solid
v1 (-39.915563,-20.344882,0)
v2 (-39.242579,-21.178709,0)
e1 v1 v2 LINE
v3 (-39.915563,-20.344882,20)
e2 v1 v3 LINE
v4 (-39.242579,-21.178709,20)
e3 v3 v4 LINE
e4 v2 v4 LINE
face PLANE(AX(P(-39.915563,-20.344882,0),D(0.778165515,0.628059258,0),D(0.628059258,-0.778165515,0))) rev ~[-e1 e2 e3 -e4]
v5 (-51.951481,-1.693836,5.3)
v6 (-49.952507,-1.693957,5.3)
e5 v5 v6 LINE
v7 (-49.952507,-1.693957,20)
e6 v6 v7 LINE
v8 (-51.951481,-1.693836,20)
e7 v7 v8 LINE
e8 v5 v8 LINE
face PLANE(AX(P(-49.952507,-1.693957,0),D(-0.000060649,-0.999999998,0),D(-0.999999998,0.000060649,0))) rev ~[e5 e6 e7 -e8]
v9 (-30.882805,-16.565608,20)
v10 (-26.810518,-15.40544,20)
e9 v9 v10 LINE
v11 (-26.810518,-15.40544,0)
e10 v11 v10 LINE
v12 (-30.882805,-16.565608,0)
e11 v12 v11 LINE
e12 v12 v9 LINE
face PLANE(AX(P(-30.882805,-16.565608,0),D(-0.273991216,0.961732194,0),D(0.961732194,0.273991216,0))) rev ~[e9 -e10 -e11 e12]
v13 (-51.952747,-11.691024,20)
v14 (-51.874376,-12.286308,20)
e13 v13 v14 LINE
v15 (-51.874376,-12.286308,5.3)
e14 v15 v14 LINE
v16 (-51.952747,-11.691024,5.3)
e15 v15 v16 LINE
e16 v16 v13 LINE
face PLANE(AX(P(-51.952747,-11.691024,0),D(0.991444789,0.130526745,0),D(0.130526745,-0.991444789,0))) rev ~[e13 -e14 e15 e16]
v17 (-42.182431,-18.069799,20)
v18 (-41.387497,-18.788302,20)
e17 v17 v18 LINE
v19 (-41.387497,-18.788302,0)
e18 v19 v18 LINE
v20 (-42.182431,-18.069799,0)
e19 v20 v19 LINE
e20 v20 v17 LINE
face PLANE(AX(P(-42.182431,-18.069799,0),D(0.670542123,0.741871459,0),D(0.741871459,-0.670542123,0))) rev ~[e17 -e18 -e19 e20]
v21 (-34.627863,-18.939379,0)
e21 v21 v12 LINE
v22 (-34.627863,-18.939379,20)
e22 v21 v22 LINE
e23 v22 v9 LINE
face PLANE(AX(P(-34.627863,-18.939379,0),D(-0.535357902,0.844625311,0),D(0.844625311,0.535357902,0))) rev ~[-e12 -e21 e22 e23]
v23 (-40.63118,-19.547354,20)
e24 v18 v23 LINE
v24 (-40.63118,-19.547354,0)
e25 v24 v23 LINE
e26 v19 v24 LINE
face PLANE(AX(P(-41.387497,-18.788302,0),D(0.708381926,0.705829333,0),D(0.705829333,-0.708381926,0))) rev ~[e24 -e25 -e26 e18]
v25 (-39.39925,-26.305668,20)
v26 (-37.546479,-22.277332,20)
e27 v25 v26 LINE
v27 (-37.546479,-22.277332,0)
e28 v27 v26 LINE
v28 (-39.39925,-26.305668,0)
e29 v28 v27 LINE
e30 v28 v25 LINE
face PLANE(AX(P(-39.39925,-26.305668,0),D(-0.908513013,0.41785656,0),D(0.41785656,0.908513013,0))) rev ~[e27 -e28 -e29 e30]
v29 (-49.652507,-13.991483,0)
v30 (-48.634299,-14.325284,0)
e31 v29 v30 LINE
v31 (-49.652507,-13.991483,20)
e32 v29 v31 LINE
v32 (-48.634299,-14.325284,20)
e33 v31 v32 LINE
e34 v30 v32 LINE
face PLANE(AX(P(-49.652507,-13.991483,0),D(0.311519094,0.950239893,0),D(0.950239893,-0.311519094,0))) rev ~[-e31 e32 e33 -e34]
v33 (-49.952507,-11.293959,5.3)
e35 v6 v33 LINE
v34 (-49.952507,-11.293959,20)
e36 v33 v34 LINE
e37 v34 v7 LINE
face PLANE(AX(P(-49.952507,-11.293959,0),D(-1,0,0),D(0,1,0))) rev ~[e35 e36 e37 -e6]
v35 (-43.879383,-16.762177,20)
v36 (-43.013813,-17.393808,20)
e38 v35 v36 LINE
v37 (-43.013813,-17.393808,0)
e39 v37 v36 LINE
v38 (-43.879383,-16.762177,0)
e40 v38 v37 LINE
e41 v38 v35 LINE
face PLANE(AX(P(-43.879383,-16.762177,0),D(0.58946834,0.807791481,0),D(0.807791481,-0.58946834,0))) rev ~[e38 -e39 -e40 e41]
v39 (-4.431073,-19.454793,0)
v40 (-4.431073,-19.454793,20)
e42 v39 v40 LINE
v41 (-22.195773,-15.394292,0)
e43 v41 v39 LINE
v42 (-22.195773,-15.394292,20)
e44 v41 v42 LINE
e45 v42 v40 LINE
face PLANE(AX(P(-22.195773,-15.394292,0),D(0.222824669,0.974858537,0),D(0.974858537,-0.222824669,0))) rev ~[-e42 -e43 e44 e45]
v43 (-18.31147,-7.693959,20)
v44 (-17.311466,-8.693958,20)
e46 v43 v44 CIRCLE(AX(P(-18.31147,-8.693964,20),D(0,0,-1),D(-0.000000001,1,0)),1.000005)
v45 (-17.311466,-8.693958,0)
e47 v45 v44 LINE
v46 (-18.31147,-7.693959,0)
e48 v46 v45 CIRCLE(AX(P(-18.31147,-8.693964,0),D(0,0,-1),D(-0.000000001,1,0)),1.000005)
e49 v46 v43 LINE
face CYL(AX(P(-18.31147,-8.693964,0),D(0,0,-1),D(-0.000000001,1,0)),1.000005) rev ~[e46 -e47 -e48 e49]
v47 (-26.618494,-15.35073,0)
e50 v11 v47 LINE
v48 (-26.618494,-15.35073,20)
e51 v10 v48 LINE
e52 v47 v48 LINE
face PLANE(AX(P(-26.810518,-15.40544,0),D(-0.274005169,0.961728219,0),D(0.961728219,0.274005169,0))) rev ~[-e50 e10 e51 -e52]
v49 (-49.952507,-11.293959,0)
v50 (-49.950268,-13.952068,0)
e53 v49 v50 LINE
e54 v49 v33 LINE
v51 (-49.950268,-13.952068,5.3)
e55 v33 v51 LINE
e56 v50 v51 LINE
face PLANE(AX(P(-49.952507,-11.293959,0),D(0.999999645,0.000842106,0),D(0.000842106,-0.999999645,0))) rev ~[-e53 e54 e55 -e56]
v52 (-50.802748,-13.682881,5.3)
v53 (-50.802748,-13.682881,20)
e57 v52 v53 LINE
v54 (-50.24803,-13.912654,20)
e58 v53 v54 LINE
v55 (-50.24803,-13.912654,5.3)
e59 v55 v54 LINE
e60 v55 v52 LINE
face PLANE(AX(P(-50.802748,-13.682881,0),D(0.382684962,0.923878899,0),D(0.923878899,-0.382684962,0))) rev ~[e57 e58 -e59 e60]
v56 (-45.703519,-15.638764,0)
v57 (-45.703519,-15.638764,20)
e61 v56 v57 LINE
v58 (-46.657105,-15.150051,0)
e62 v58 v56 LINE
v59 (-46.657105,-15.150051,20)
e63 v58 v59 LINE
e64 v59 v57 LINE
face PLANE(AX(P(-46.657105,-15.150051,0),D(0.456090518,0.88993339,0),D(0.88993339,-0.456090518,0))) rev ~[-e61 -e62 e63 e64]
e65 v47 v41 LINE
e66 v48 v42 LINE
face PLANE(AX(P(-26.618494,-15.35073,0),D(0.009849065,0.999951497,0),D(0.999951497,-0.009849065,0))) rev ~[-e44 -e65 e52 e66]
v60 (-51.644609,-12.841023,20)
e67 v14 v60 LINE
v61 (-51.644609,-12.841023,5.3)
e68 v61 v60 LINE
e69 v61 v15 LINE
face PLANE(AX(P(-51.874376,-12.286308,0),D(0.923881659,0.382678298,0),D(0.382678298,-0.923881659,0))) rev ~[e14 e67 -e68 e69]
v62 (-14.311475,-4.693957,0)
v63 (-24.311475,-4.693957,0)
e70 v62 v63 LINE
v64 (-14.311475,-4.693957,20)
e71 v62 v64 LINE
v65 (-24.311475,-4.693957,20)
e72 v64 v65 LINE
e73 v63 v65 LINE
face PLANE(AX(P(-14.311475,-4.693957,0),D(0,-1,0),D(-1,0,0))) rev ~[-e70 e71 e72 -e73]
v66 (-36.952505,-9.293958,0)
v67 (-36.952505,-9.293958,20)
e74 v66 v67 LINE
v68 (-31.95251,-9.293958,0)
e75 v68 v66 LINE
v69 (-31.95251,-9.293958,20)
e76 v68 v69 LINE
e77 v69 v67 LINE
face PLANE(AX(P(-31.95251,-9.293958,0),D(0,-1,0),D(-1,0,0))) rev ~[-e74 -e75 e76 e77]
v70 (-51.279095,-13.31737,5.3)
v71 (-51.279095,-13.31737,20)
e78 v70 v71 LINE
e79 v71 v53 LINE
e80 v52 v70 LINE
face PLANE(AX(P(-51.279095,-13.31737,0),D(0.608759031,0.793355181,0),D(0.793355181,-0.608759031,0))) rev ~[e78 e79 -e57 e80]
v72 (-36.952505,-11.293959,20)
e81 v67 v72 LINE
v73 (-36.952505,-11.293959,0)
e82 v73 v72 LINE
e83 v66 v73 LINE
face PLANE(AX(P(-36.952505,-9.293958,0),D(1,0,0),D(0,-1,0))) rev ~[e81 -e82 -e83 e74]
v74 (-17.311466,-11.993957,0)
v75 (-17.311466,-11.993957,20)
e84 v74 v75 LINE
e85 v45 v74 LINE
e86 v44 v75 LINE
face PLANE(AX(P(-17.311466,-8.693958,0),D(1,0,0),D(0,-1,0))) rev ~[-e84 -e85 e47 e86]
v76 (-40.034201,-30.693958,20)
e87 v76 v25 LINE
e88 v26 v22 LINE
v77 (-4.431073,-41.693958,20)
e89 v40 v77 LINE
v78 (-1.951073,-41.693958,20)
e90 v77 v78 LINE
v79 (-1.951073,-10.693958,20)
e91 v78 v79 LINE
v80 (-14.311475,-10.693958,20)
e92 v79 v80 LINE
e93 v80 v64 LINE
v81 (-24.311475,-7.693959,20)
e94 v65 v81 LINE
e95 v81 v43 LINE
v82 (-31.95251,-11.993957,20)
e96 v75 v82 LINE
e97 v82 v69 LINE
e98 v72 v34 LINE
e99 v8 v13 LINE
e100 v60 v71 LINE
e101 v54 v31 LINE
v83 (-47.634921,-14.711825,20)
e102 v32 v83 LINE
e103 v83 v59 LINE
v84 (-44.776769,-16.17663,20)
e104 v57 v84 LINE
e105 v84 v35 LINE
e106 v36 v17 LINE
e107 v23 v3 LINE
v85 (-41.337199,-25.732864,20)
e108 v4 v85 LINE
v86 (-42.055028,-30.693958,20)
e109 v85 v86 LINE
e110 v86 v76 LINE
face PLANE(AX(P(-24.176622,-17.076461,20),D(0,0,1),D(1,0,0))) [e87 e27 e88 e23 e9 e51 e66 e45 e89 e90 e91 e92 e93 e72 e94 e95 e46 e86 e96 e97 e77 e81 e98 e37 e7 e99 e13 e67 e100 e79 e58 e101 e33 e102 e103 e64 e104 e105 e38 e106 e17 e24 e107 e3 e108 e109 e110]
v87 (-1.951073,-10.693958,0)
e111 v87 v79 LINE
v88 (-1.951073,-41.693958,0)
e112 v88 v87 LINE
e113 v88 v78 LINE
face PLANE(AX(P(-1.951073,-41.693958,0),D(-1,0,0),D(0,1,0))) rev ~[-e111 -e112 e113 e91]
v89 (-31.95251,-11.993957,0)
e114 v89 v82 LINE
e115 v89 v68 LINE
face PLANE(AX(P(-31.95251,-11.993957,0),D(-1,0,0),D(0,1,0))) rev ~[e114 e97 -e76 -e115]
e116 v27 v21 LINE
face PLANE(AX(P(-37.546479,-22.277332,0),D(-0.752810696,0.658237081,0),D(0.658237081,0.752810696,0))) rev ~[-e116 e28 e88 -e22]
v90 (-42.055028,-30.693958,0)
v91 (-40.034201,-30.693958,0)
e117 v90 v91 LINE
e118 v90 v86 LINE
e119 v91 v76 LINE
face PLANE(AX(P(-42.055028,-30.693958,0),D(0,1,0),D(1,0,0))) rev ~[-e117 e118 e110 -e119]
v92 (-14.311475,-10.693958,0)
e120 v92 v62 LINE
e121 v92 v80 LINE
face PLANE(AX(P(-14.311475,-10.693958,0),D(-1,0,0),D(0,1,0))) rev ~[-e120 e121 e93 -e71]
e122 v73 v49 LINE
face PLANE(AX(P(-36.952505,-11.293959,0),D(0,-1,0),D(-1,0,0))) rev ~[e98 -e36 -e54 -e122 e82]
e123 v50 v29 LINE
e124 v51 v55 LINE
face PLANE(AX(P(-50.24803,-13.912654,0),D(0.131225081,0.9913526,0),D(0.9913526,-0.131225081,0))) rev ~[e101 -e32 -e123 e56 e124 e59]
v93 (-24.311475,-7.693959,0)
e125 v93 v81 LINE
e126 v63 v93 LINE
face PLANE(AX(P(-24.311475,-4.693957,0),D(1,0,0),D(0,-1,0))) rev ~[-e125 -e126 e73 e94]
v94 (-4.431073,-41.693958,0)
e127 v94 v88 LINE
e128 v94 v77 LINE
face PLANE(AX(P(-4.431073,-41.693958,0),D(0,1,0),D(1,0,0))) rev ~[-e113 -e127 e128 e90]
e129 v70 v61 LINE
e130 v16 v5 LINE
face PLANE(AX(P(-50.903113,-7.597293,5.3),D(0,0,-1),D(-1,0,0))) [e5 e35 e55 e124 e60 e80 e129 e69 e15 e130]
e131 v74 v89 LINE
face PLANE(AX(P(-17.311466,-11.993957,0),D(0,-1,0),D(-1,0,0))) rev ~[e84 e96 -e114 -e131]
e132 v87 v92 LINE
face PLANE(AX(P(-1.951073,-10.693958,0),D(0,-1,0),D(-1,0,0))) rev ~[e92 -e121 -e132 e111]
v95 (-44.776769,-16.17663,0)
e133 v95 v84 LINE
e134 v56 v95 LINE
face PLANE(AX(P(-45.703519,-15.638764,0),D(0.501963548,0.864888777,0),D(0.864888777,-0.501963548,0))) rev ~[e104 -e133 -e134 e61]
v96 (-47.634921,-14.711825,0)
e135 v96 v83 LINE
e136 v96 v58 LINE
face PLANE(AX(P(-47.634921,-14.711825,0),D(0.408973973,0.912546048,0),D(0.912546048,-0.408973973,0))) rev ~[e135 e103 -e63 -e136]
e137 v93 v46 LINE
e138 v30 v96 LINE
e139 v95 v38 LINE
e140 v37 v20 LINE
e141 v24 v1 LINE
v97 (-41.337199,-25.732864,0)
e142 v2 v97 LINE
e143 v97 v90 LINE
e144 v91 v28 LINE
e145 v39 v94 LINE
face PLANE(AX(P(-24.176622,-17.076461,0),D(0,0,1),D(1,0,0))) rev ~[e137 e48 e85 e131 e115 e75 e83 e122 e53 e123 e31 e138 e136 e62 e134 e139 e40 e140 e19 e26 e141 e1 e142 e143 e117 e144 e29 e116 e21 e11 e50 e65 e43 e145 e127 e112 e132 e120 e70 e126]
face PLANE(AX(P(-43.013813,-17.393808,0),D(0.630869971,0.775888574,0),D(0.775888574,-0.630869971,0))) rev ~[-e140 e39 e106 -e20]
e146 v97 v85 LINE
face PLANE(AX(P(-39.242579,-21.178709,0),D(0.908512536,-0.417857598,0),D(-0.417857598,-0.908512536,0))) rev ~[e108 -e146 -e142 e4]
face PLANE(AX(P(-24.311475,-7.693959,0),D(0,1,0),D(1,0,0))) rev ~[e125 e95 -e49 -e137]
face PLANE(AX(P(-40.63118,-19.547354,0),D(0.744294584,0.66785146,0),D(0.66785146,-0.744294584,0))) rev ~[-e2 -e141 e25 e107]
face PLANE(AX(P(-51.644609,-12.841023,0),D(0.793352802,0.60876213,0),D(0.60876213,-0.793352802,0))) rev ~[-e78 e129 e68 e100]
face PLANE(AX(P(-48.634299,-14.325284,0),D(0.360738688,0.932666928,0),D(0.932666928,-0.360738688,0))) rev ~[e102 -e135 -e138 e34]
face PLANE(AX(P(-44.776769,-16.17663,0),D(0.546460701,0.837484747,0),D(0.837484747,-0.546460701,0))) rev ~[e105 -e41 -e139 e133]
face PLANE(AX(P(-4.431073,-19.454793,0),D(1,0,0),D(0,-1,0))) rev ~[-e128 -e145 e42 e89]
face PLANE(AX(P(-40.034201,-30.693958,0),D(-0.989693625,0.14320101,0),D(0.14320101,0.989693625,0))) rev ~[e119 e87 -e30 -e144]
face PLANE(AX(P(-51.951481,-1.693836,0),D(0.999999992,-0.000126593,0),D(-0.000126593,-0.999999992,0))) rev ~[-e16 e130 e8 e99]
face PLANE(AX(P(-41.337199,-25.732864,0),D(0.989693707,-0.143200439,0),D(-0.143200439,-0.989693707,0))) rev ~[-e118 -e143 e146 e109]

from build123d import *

# Parameters (mm, degrees)
SALIENTE_EXTRUIR1_DEPTH = 20
CORTAR_EXTRUIR1_DEPTH   = 5.3


with BuildPart() as part:
    # Croquis3 → Saliente-Extruir1 (new body)
    with BuildSketch(Plane.XY):
        with BuildLine():
            Line((-51.952746953, -11.691023914), (-51.874375972, -12.286308051))
            Line((-51.874375972, -12.286308051), (-51.644609193, -12.841022845))
            Line((-51.644609193, -12.841022845), (-51.279094792, -13.317369615))
            Line((-51.279094792, -13.317369615), (-50.802748021, -13.68288106))
            Line((-50.802748021, -13.68288106), (-50.24803027, -13.912653752))
            Line((-50.24803027, -13.912653752), (-49.65250662, -13.99148306))
            Line((-49.65250662, -13.99148306), (-48.634298914, -14.325284182))
            Line((-48.634298914, -14.325284182), (-47.63492106, -14.711825449))
            Line((-47.63492106, -14.711825449), (-46.657105279, -15.15005123))
            Line((-46.657105279, -15.15005123), (-45.70351874, -15.638763962))
            Line((-45.70351874, -15.638763962), (-44.776769471, -16.17663006))
            Line((-44.776769471, -16.17663006), (-43.879382708, -16.762176963))
            Line((-43.879382708, -16.762176963), (-43.013812718, -17.393807919))
            Line((-43.013812718, -17.393807919), (-42.182430974, -18.069799027))
            Line((-42.182430974, -18.069799027), (-41.387496586, -18.788302193))
            Line((-41.387496586, -18.788302193), (-40.631179954, -19.547354003))
            Line((-40.631179954, -19.547354003), (-39.91556277, -20.344881636))
            Line((-39.91556277, -20.344881636), (-39.24257888, -21.178708777))
            Line((-39.24257888, -21.178708777), (-41.33719888, -25.732864397))
            Line((-41.33719888, -25.732864397), (-42.055027862, -30.693958319))
            Line((-42.055027862, -30.693958319), (-40.034201485, -30.693958319))
            Line((-40.034201485, -30.693958319), (-39.399249875, -26.305668328))
            Line((-39.399249875, -26.305668328), (-37.546478747, -22.277332194))
            Line((-37.546478747, -22.277332194), (-34.627863462, -18.93937864))
            Line((-34.627863462, -18.93937864), (-30.882804538, -16.565607853))
            Line((-30.882804538, -16.565607853), (-26.81051779, -15.405439974))
            Line((-26.81051779, -15.405439974), (-26.618493511, -15.3507305))
            Line((-26.618493511, -15.3507305), (-22.195772803, -15.394292275))
            Line((-22.195772803, -15.394292275), (-4.431072692, -19.454792623))
            Line((-4.431072692, -19.454792623), (-4.431072692, -41.693958205))
            Line((-4.431072692, -41.693958205), (-1.951072692, -41.693958205))
            Line((-1.951072692, -41.693958205), (-1.951072692, -10.693958394))
            Line((-1.951072692, -10.693958394), (-14.311475216, -10.693958394))
            Line((-14.311475216, -10.693958394), (-14.311475216, -4.693956642))
            Line((-14.311475216, -4.693956642), (-24.311475179, -4.693956642))
            Line((-24.311475179, -4.693956642), (-24.311475179, -7.693958997))
            Line((-24.311475179, -7.693958997), (-18.31147047, -7.693958997))
            ThreePointArc((-18.31147047, -7.693958997), (-17.604362437, -7.986851509), (-17.311465743, -8.69395781))
            Line((-17.311465743, -8.69395781), (-17.311465743, -11.993957443))
            Line((-17.311465743, -11.993957443), (-31.952510471, -11.993957443))
            Line((-31.952510471, -11.993957443), (-31.952510471, -9.293958281))
            Line((-31.952510471, -9.293958281), (-36.952504539, -9.293958281))
            Line((-36.952504539, -9.293958281), (-36.952504539, -11.293958865))
            Line((-36.952504539, -11.293958865), (-49.952506856, -11.293958865))
            Line((-49.952506856, -11.293958865), (-49.952506856, -1.693957245))
            Line((-49.952506856, -1.693957245), (-51.951481378, -1.69383601))
            Line((-51.951481378, -1.69383601), (-51.952746953, -11.691023914))
        make_face()
    extrude(amount=SALIENTE_EXTRUIR1_DEPTH)

    # Croquis4 → Cortar-Extruir1 (cut)
    with BuildSketch(Plane(origin=(0, 0, 0), x_dir=(-1, 0, 0), z_dir=(0, 0, -1))):
        Polygon((49.952506856, -11.293958865), (49.950268445, -13.952068406), (50.24803027, -13.912653752), (50.802748021, -13.68288106), (51.279094792, -13.317369615), (51.644609193, -12.841022845), (51.874375972, -12.286308051), (51.952746953, -11.691023914), (51.951481378, -1.69383601), (49.952506856, -1.693957245), align=None)
    extrude(amount=-CORTAR_EXTRUIR1_DEPTH, mode=Mode.SUBTRACT)


solid = part.part
